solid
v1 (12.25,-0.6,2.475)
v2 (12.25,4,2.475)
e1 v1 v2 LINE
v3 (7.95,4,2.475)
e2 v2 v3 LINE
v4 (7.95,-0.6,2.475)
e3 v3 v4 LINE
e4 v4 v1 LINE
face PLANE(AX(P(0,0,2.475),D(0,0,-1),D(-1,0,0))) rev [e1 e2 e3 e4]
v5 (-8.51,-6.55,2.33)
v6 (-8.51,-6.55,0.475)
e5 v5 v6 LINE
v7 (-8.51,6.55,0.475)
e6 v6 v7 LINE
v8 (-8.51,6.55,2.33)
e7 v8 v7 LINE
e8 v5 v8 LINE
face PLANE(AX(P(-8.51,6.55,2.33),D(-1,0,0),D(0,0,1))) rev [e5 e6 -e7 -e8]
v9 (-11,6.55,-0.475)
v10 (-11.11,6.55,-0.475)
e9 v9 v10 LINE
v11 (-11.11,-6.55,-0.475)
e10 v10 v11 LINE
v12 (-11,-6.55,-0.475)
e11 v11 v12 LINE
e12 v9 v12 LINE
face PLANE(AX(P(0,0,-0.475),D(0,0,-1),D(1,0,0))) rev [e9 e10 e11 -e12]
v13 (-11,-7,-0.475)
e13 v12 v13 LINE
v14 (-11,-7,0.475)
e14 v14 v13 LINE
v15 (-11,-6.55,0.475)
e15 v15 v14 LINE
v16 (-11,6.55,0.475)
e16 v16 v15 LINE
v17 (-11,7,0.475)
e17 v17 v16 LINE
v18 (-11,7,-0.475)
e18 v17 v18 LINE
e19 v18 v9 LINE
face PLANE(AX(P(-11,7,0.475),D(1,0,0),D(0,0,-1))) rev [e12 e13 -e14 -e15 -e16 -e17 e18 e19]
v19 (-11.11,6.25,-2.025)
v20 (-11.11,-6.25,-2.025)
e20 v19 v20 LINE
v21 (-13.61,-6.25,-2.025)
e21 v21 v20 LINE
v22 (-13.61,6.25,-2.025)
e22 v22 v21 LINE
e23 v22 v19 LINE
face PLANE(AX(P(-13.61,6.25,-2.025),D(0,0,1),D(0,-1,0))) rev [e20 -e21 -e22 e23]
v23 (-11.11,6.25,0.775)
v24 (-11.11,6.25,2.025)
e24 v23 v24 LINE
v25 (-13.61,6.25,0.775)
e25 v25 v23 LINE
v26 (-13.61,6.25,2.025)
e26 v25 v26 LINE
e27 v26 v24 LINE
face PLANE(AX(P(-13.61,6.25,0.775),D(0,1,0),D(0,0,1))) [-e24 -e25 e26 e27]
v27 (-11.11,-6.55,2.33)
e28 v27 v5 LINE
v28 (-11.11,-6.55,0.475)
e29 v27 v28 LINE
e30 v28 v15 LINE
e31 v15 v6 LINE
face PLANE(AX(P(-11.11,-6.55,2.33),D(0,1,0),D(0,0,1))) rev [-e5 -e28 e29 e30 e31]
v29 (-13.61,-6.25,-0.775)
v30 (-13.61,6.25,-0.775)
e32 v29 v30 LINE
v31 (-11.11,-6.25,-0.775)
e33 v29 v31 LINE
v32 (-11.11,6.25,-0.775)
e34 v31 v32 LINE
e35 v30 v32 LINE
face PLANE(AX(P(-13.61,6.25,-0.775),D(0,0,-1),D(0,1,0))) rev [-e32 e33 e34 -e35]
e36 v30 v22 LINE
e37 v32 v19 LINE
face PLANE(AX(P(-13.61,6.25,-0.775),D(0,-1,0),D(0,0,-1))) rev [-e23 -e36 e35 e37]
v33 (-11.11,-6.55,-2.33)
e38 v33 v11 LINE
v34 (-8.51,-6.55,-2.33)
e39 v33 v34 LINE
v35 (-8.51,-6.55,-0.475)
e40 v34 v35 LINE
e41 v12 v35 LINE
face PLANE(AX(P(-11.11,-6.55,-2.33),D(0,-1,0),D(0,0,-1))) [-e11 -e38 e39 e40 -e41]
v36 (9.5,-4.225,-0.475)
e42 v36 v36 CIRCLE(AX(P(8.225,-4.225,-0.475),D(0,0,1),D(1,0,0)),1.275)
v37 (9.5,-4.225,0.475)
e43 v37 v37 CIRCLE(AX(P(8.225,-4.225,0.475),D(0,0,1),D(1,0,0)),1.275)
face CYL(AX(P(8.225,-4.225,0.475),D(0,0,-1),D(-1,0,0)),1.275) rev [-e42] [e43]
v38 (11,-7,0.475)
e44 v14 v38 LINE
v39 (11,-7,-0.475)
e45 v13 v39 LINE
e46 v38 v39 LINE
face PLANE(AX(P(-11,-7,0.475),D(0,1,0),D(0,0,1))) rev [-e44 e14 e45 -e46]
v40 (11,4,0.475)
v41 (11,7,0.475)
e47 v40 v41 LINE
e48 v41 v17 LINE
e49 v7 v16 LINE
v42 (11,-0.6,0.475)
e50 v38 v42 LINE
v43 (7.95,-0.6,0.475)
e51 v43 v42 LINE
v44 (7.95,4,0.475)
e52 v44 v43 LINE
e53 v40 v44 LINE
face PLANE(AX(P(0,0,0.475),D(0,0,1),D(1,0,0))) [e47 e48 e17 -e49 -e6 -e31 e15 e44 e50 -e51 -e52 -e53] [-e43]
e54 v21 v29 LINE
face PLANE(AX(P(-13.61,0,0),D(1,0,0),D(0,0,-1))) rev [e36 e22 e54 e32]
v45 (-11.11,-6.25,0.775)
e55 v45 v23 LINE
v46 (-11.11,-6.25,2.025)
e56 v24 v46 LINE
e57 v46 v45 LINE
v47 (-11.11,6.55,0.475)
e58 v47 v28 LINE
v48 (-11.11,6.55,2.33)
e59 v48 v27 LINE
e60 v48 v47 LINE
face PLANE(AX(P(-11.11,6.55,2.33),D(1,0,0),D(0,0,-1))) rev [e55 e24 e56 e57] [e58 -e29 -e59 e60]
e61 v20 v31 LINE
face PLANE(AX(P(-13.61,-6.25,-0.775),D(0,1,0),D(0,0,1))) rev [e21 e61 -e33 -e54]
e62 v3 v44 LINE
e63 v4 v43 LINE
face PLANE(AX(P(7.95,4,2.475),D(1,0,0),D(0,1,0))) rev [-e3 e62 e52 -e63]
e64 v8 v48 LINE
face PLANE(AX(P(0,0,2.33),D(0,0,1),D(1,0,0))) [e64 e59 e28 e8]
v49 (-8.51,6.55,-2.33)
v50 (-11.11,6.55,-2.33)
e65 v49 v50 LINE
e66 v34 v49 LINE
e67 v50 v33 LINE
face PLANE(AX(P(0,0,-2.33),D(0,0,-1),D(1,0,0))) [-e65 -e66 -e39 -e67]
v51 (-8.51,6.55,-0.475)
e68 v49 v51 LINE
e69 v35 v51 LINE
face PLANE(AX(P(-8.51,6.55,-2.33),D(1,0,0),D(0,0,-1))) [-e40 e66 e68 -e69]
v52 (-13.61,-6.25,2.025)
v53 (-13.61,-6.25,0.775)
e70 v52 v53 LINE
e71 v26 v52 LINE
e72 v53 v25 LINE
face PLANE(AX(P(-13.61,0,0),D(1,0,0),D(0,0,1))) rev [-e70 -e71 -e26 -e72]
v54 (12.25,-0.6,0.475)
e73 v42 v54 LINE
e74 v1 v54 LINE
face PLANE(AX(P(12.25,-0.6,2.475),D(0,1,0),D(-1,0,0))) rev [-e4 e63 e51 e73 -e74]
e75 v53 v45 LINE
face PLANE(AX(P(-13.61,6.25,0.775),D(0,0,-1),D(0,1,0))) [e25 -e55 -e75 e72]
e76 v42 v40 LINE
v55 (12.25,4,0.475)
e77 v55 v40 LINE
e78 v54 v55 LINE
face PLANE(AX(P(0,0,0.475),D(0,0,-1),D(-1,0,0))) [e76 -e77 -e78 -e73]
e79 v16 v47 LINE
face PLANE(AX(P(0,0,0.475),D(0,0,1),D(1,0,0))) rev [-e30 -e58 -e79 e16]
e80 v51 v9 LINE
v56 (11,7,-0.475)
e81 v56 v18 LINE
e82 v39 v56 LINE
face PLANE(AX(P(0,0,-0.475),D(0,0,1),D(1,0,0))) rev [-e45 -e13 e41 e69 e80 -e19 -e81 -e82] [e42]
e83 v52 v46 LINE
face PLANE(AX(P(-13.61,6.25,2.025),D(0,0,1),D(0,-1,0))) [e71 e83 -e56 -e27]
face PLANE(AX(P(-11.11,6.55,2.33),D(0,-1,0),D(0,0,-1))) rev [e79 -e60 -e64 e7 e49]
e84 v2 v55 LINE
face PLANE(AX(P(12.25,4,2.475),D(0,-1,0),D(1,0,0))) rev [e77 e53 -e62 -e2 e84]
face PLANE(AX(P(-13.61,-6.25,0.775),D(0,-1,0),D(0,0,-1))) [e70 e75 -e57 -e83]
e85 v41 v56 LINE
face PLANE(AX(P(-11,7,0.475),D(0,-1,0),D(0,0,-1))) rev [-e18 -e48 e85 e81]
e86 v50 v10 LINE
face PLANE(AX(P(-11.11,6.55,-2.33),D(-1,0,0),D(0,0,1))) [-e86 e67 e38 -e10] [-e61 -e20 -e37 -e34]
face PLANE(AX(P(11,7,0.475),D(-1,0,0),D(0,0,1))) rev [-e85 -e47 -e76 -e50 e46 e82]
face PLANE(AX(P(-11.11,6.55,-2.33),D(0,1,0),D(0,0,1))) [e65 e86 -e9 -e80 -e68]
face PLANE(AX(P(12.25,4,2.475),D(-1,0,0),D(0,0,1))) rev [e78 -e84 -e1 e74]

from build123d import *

# Parameters (mm, degrees)
SKETCH1_W           = 22
SKETCH1_H           = 14
SKETCH1_R           = 1.275
BOSS_EXTRUDE1_DEPTH = 0.475
SKETCH2_W           = 2.6
SKETCH2_H           = 13.1
BOSS_EXTRUDE2_DEPTH = 1.855
SKETCH3_W           = 1.25
SKETCH3_H           = 12.5
BOSS_EXTRUDE3_DEPTH = 2.5
SKETCH4_W           = 4.3
SKETCH4_H           = 4.6
BOSS_EXTRUDE4_DEPTH = 2


with BuildPart() as part:
    # Sketch1 → Boss-Extrude1 (new body, symmetric)
    with BuildSketch(Plane.XY):
        Rectangle(SKETCH1_W, SKETCH1_H)
        with Locations((8.225, -4.225)):
            Circle(SKETCH1_R, mode=Mode.SUBTRACT)
    extrude(amount=BOSS_EXTRUDE1_DEPTH, both=True)

    # Sketch2 → Boss-Extrude2 (add)
    with BuildSketch(Plane.XY.offset(0.475)):
        with Locations((-9.81, 0)):
            Rectangle(SKETCH2_W, SKETCH2_H)
    boss_extrude2 = extrude(amount=BOSS_EXTRUDE2_DEPTH)

    # Mirror1: Boss-Extrude2 across plane
    add(boss_extrude2.mirror(Plane.XY))

    # Sketch3 → Boss-Extrude3 (add)
    with BuildSketch(Plane.ZY.offset(11.11)):
        with Locations((-1.4, 0)):
            Rectangle(SKETCH3_W, SKETCH3_H)
    boss_extrude3 = extrude(amount=BOSS_EXTRUDE3_DEPTH)

    # Mirror2: Boss-Extrude3 across plane
    add(boss_extrude3.mirror(Plane.XY))

    # Sketch4 → Boss-Extrude4 (add)
    with BuildSketch(Plane.XY.offset(0.475)):
        with Locations((10.1, 1.7)):
            Rectangle(SKETCH4_W, SKETCH4_H)
    extrude(amount=BOSS_EXTRUDE4_DEPTH)


solid = part.part
